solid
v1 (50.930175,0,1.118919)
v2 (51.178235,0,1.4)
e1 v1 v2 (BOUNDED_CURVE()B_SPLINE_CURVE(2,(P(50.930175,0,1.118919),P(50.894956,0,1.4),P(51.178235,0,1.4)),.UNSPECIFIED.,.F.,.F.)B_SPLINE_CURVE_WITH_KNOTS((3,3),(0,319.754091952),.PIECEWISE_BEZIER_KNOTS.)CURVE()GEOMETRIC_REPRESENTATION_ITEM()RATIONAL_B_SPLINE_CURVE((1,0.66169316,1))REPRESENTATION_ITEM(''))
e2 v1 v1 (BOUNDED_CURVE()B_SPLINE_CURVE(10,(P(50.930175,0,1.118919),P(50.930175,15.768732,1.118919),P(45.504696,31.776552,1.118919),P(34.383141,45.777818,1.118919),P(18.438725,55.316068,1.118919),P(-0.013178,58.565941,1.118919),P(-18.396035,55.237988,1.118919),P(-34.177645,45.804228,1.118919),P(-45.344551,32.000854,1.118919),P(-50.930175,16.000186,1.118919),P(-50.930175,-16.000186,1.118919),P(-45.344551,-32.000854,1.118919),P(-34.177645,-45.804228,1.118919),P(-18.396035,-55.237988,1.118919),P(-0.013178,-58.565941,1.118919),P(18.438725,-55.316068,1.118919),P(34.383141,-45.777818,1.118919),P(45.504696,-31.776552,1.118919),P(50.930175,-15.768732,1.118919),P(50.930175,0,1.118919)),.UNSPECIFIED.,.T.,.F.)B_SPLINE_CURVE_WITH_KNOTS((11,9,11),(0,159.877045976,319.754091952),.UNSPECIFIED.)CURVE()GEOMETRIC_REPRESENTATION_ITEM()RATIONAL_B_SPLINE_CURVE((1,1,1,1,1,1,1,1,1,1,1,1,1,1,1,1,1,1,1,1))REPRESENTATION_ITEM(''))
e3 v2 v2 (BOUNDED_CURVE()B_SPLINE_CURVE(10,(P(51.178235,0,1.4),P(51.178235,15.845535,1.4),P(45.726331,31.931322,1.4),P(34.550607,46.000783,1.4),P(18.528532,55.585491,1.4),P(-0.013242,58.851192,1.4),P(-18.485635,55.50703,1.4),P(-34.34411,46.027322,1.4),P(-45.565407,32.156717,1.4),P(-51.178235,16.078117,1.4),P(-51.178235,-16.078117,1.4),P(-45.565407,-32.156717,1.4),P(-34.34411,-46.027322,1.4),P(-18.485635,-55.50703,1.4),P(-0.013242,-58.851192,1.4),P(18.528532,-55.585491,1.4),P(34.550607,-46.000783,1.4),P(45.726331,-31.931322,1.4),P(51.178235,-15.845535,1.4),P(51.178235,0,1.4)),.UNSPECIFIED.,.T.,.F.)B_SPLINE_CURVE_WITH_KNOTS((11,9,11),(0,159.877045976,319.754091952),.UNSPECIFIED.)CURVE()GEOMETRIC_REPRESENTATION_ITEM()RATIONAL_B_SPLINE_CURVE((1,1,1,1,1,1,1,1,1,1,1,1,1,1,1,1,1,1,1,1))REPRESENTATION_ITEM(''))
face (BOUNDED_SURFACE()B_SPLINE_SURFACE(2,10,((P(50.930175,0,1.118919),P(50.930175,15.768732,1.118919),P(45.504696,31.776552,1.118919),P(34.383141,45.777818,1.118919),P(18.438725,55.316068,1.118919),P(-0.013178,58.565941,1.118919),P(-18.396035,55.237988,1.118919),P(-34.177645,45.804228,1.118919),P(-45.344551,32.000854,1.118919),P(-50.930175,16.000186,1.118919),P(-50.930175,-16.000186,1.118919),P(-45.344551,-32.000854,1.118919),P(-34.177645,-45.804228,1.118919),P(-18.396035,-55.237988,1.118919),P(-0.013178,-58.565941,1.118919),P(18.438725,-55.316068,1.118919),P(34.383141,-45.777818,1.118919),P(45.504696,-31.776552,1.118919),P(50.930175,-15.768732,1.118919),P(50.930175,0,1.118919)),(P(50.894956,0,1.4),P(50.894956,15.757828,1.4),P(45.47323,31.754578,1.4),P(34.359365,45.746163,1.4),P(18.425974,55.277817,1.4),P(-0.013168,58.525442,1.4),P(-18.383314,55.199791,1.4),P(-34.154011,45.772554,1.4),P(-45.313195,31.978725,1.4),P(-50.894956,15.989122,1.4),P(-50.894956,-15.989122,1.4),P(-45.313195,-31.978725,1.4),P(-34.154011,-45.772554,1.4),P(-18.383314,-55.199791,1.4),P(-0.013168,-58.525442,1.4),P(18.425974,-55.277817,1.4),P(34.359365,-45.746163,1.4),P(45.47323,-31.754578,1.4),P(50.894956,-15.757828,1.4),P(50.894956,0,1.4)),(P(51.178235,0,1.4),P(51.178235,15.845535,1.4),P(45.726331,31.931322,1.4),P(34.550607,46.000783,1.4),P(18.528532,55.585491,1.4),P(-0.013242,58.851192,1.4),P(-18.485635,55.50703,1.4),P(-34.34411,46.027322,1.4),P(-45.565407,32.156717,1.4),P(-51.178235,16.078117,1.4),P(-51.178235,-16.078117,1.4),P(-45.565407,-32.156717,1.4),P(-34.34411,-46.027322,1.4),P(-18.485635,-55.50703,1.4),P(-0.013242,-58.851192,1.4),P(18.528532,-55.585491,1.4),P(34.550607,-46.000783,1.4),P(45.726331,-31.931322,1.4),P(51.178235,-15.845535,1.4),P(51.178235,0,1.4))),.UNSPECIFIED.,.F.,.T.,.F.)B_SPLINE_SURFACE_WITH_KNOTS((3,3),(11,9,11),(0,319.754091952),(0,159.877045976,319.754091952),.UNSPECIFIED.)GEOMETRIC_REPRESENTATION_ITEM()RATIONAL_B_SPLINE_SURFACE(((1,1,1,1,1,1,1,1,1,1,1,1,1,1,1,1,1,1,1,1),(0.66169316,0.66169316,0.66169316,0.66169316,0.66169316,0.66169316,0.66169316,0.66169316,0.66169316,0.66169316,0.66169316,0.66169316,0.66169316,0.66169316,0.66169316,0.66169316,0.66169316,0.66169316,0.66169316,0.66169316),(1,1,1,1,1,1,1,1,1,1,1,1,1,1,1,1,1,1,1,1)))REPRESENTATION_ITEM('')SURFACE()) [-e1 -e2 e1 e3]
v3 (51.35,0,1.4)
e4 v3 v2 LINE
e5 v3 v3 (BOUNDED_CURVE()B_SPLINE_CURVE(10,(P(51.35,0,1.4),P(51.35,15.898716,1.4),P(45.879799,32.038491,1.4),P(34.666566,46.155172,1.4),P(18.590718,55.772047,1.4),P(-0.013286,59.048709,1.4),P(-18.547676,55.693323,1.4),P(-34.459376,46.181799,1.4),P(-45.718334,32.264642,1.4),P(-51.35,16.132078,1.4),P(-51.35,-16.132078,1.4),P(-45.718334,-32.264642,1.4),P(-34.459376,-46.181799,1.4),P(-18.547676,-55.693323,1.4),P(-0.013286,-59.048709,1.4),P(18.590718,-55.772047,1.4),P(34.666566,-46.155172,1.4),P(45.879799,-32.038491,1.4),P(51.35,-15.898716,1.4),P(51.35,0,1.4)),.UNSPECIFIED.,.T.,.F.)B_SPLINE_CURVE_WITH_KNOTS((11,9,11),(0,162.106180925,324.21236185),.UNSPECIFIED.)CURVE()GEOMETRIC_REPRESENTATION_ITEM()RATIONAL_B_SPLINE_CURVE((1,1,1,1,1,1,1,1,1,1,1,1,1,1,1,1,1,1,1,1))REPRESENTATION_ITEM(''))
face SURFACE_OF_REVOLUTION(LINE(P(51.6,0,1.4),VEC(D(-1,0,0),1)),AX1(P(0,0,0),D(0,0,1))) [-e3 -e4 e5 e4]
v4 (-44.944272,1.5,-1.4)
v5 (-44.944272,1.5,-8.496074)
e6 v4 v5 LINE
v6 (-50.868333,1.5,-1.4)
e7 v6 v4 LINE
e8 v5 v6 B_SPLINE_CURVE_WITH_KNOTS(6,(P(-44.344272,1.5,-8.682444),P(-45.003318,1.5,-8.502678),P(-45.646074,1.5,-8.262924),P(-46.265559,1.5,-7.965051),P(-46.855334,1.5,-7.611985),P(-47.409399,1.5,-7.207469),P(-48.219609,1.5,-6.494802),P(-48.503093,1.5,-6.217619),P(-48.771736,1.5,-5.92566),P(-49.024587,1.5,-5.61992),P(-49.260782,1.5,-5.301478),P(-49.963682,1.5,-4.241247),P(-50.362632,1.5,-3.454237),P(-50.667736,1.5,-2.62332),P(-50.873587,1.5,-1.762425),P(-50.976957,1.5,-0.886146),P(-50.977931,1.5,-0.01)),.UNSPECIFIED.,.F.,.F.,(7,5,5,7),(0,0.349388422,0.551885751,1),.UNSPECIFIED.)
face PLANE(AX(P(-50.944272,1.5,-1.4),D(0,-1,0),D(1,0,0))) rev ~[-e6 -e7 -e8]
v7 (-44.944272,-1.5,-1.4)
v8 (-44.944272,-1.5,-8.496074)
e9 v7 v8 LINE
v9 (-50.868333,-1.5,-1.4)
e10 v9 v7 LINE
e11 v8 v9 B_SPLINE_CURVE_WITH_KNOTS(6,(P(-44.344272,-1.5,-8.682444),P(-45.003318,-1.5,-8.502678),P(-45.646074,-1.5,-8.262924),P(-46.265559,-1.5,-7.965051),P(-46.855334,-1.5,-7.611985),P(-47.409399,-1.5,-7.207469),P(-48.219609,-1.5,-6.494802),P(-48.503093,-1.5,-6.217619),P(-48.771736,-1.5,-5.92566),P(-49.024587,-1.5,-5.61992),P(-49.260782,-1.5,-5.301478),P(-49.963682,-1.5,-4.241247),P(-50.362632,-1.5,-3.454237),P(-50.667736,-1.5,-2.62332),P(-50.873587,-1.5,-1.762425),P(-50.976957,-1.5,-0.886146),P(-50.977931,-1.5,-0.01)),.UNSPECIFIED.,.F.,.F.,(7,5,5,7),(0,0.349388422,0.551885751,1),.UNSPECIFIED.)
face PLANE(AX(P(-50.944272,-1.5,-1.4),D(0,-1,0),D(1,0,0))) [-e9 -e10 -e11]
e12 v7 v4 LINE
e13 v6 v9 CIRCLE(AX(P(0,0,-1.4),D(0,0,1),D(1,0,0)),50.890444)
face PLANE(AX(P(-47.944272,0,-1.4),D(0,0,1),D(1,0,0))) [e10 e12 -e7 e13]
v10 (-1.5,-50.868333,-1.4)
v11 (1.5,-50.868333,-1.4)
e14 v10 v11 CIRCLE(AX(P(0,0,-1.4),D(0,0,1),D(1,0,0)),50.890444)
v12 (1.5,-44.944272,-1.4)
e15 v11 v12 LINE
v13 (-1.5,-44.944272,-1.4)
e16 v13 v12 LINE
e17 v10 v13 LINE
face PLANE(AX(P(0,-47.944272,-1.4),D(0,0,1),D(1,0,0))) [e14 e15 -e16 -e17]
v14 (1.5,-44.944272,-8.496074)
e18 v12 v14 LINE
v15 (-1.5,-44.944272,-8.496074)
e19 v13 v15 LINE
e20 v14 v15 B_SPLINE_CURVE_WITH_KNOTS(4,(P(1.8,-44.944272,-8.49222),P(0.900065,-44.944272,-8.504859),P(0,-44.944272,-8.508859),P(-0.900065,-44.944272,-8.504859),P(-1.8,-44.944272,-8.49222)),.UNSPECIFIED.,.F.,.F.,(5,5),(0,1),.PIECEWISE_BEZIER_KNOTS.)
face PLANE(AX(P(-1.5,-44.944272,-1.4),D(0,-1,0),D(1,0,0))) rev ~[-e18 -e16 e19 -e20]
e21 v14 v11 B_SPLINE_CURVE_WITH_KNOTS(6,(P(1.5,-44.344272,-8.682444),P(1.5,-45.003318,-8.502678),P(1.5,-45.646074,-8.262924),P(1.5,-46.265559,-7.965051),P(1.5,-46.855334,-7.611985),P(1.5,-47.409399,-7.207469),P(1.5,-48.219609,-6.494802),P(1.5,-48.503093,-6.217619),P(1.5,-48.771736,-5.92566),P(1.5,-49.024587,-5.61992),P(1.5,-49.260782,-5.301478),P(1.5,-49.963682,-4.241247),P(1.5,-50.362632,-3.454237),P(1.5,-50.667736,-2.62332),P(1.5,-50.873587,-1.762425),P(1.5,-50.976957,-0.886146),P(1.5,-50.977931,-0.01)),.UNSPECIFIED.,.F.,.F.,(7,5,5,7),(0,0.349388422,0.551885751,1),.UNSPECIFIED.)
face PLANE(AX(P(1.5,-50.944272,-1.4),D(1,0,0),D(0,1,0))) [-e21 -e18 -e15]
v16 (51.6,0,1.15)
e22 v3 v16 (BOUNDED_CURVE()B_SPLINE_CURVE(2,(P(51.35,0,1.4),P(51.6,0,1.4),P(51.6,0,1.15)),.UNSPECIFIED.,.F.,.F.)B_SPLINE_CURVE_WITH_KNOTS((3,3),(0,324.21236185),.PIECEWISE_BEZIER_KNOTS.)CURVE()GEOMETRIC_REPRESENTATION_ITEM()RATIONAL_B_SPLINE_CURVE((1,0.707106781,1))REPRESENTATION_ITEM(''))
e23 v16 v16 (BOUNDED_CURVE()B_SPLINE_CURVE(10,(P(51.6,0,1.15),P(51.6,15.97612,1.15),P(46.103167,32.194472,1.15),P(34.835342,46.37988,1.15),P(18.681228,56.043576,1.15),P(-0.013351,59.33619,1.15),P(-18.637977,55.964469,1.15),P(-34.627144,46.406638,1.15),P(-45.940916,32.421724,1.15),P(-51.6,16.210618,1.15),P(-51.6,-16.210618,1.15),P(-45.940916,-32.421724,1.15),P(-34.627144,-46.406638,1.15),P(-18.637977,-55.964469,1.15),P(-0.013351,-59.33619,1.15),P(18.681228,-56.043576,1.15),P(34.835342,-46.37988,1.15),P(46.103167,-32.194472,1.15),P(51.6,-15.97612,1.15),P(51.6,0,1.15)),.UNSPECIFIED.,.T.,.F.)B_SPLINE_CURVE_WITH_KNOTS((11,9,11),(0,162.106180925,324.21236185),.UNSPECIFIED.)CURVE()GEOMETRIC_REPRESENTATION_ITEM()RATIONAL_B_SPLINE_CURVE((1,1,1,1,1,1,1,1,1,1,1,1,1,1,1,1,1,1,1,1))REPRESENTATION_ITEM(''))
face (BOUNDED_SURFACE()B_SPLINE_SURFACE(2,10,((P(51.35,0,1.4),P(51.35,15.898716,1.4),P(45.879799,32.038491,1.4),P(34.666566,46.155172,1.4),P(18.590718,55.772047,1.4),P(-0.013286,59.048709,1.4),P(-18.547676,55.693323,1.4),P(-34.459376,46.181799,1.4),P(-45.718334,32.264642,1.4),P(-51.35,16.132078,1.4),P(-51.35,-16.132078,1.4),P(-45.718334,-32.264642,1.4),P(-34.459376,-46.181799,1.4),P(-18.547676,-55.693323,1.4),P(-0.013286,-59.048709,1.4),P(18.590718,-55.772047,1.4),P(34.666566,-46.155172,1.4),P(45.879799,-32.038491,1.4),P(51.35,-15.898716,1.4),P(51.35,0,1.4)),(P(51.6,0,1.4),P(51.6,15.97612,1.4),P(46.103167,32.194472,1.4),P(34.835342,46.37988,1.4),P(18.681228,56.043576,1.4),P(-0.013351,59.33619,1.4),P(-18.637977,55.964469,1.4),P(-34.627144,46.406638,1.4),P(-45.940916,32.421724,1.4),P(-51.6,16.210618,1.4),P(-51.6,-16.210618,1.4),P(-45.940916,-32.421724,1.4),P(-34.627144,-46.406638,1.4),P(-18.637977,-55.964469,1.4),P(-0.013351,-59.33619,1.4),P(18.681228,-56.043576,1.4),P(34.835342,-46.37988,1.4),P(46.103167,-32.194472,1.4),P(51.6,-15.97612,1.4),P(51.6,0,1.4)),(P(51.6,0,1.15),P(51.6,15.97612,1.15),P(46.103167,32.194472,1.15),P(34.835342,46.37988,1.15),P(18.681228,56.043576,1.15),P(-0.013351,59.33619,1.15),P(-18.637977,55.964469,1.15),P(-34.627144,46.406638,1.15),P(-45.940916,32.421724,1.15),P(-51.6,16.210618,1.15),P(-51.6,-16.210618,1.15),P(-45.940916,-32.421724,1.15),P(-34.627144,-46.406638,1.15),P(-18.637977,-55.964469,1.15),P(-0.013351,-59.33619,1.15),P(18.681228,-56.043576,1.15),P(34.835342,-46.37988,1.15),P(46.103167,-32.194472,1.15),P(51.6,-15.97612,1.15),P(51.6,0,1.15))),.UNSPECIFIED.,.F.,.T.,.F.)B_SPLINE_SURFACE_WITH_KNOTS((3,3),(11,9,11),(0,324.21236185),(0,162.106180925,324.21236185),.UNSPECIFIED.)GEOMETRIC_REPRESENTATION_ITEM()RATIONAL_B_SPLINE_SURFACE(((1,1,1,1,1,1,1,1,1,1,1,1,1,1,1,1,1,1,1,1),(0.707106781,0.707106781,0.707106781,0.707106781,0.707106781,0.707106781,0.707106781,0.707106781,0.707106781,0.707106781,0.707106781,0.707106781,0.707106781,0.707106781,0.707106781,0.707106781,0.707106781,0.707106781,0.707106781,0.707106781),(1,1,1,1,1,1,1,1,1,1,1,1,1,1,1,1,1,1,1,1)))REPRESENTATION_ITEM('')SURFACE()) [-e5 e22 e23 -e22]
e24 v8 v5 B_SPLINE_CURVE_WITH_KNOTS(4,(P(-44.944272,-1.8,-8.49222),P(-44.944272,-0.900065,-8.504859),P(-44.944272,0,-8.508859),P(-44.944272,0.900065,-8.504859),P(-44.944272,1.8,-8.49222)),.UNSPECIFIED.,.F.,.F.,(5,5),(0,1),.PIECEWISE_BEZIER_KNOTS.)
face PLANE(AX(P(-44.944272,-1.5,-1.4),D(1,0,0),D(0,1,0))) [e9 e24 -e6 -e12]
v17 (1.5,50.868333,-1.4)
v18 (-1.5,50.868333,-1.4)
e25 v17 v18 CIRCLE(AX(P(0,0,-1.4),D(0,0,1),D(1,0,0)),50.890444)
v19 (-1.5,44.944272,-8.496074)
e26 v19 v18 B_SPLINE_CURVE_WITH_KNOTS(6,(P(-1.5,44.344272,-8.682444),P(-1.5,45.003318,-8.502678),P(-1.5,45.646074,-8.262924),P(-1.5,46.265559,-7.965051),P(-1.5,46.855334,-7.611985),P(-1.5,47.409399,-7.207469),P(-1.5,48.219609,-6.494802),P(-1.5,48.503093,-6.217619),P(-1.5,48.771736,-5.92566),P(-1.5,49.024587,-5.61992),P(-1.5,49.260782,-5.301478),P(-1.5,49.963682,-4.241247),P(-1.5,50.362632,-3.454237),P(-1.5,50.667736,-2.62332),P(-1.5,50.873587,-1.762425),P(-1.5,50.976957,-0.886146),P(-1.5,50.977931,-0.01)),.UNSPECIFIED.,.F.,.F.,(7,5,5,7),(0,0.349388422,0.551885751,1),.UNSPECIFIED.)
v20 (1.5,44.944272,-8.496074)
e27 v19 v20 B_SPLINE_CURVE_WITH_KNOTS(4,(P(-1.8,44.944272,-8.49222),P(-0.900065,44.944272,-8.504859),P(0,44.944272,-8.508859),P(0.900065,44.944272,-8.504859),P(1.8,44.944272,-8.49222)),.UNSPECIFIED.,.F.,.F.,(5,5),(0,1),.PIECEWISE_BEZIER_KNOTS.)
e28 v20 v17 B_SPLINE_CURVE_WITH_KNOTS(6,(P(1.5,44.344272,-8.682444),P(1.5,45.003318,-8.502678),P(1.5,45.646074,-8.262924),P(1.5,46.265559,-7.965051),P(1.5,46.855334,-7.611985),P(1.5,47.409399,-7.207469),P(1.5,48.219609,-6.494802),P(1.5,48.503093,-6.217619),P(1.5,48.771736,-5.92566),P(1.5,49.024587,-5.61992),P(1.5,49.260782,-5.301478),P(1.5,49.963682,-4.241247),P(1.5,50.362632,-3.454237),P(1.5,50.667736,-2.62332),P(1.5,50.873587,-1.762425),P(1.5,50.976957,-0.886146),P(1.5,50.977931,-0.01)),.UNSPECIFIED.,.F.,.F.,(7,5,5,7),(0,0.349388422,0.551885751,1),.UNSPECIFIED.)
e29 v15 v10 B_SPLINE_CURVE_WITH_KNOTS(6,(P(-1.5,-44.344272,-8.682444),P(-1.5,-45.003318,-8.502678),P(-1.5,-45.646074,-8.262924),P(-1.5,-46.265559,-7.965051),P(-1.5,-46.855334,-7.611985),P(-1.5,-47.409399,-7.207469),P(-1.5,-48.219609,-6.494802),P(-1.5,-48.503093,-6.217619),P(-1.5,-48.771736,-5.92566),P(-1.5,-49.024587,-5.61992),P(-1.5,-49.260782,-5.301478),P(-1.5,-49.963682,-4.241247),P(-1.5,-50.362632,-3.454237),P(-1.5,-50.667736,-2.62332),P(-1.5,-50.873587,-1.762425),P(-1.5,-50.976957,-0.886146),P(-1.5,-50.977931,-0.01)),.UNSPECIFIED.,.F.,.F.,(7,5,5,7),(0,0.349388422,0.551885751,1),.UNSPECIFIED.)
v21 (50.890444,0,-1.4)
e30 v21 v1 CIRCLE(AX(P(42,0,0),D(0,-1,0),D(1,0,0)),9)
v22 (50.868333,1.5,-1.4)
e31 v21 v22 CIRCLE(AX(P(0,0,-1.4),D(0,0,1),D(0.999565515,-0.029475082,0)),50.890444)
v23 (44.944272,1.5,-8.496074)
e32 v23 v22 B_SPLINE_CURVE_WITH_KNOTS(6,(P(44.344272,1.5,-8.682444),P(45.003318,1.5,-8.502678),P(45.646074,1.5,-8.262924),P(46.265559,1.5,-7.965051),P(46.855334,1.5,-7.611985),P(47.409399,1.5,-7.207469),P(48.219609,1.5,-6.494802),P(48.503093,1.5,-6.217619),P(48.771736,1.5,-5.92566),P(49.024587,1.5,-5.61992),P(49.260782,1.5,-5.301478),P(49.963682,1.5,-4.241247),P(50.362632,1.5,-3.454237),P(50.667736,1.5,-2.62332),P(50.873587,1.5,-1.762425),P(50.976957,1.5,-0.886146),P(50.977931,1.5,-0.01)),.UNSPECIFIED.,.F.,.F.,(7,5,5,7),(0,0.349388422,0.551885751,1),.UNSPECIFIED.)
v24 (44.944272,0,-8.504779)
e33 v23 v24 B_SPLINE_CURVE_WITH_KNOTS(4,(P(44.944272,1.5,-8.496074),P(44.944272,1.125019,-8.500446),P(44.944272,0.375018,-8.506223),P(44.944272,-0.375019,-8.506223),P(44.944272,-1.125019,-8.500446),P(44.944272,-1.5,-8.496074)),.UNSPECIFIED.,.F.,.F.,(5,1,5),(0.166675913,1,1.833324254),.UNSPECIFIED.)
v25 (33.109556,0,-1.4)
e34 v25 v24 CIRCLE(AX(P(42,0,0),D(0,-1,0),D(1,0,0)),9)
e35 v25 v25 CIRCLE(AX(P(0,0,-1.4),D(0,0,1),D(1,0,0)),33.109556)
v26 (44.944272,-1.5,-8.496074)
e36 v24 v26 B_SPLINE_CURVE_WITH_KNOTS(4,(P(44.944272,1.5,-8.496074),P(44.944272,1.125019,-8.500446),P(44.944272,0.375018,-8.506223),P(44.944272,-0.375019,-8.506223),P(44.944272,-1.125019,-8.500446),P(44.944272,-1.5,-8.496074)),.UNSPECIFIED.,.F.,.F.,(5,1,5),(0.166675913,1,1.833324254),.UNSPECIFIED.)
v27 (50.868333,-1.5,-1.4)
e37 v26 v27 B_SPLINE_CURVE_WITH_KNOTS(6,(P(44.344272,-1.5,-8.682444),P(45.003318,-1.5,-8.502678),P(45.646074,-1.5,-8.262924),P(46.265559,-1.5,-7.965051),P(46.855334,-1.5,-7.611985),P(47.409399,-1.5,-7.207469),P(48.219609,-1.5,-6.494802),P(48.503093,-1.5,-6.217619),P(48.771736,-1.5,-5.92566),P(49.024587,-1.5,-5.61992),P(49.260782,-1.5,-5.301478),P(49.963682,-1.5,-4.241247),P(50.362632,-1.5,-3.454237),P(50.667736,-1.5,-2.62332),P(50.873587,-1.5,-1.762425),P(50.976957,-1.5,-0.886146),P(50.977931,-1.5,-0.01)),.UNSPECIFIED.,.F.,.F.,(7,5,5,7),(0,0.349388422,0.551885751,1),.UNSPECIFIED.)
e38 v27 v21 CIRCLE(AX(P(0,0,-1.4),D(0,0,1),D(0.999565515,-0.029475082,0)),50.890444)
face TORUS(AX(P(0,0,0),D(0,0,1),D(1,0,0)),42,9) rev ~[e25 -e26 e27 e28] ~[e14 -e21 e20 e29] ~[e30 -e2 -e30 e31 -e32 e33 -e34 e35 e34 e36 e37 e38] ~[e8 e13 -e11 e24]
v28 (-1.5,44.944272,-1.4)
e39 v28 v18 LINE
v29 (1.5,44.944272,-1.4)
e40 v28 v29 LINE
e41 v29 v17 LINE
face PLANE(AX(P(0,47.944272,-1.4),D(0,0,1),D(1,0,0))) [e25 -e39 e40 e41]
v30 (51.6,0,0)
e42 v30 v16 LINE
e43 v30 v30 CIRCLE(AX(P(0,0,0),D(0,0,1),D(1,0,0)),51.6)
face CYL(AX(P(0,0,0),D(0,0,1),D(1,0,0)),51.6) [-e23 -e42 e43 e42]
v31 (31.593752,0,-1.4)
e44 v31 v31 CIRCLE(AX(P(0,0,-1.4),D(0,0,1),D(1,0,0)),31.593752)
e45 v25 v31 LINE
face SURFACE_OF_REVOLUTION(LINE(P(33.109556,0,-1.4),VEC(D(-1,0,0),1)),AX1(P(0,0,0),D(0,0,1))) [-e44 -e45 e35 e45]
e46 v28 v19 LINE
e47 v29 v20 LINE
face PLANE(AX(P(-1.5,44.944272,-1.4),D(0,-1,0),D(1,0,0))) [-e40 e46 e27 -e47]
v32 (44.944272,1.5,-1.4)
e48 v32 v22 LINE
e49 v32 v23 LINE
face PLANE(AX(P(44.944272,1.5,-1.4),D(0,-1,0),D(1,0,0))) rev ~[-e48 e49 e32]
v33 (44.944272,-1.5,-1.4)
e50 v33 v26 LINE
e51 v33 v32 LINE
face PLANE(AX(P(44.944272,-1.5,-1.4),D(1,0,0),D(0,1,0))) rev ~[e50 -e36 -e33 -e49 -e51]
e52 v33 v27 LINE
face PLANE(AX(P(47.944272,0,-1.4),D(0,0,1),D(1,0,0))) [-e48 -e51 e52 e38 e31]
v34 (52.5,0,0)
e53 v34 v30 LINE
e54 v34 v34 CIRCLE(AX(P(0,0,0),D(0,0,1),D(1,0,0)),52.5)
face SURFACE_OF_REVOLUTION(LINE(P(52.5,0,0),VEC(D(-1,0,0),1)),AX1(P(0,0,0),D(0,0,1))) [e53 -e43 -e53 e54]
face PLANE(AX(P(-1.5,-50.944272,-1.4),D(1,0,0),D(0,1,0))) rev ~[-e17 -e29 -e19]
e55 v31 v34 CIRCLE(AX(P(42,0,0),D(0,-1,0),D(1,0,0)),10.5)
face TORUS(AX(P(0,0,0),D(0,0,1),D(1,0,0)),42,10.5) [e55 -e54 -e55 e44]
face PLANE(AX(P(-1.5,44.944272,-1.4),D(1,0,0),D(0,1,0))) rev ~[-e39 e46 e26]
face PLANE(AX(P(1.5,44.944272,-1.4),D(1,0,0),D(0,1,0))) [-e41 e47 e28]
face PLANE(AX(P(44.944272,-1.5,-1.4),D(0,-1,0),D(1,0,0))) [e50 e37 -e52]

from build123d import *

# Parameters (mm, degrees)
LEDGE_REACH      = 78.385
LEDGE_START      = -1.4
LEDGE_SKETCH_W   = 6
LEDGE_SKETCH_H   = 3
LEDGE_SKETCH_W_2 = 3
LEDGE_SKETCH_H_2 = 6
LIP_FILLET_R     = 0.25


with BuildPart() as part:
    # Main Belt: sweep along a path in Belt Path
    with BuildLine(Plane.XY) as main_belt_path:
        CenterArc((0, 0), 42, 0, 360)
    # Belt Profile → Main Belt (sweep)
    with BuildSketch(Plane(origin=(0, 0, 0), x_dir=(1, 0, 0), z_dir=(0, 1, 0))):
        with BuildLine():
            Line((-52.5, 0), (-51.6, 0))
            Line((-51.6, 0), (-51.6, -1.4))
            Line((-51.6, -1.4), (-50.890444308, -1.4))
            ThreePointArc((-50.890444308, -1.4), (-43.4, 8.890444308), (-33.109555692, 1.4))
            Line((-33.109555692, 1.4), (-31.593751877, 1.4))
            ThreePointArc((-31.593751877, 1.4), (-42.701567783, 10.476535813), (-52.5, 0))
        make_face()
    sweep(path=main_belt_path.line)

    # Ledge Sketch → Ledge (add, up to next)
    with BuildSketch(Plane.XY.offset(LEDGE_START), mode=Mode.PRIVATE) as ledge_sk1:
        with Locations((-47.94427191, 0)):
            Rectangle(LEDGE_SKETCH_W, LEDGE_SKETCH_H)
    ledge_tool1 = extrude(ledge_sk1.sketch, amount=-LEDGE_REACH, mode=Mode.PRIVATE) - part.part
    # Ledge Sketch → Ledge (add, up to next)
    with BuildSketch(Plane.XY.offset(LEDGE_START), mode=Mode.PRIVATE) as ledge_sk2:
        with Locations((0, 47.94427191)):
            Rectangle(LEDGE_SKETCH_W_2, LEDGE_SKETCH_H_2)
    ledge_tool2 = extrude(ledge_sk2.sketch, amount=-LEDGE_REACH, mode=Mode.PRIVATE) - part.part
    # Ledge Sketch → Ledge (add, up to next)
    with BuildSketch(Plane.XY.offset(LEDGE_START), mode=Mode.PRIVATE) as ledge_sk3:
        with Locations((47.94427191, 0)):
            Rectangle(LEDGE_SKETCH_W, LEDGE_SKETCH_H)
    ledge_tool3 = extrude(ledge_sk3.sketch, amount=-LEDGE_REACH, mode=Mode.PRIVATE) - part.part
    # Ledge Sketch → Ledge (add, up to next)
    with BuildSketch(Plane.XY.offset(LEDGE_START), mode=Mode.PRIVATE) as ledge_sk4:
        with Locations((0, -47.94427191)):
            Rectangle(LEDGE_SKETCH_W_2, LEDGE_SKETCH_H_2)
    ledge_tool4 = extrude(ledge_sk4.sketch, amount=-LEDGE_REACH, mode=Mode.PRIVATE) - part.part
    add(ledge_tool1.solids().sort_by_distance((-47.944272, 0, -1.4))[0])
    add(ledge_tool2.solids().sort_by_distance((0, 47.944272, -1.4))[0])
    add(ledge_tool3.solids().sort_by_distance((47.944272, 0, -1.4))[0])
    add(ledge_tool4.solids().sort_by_distance((0, -47.944272, -1.4))[0])

    # Lip Fillet
    lip_fillet_edges = [part.edges().sort_by_distance(p)[0] for p in [
        (-51.6, 0, 1.4),
        (-50.890444308, 0, 1.4),
    ]]
    fillet(lip_fillet_edges, radius=LIP_FILLET_R)


solid = part.part
